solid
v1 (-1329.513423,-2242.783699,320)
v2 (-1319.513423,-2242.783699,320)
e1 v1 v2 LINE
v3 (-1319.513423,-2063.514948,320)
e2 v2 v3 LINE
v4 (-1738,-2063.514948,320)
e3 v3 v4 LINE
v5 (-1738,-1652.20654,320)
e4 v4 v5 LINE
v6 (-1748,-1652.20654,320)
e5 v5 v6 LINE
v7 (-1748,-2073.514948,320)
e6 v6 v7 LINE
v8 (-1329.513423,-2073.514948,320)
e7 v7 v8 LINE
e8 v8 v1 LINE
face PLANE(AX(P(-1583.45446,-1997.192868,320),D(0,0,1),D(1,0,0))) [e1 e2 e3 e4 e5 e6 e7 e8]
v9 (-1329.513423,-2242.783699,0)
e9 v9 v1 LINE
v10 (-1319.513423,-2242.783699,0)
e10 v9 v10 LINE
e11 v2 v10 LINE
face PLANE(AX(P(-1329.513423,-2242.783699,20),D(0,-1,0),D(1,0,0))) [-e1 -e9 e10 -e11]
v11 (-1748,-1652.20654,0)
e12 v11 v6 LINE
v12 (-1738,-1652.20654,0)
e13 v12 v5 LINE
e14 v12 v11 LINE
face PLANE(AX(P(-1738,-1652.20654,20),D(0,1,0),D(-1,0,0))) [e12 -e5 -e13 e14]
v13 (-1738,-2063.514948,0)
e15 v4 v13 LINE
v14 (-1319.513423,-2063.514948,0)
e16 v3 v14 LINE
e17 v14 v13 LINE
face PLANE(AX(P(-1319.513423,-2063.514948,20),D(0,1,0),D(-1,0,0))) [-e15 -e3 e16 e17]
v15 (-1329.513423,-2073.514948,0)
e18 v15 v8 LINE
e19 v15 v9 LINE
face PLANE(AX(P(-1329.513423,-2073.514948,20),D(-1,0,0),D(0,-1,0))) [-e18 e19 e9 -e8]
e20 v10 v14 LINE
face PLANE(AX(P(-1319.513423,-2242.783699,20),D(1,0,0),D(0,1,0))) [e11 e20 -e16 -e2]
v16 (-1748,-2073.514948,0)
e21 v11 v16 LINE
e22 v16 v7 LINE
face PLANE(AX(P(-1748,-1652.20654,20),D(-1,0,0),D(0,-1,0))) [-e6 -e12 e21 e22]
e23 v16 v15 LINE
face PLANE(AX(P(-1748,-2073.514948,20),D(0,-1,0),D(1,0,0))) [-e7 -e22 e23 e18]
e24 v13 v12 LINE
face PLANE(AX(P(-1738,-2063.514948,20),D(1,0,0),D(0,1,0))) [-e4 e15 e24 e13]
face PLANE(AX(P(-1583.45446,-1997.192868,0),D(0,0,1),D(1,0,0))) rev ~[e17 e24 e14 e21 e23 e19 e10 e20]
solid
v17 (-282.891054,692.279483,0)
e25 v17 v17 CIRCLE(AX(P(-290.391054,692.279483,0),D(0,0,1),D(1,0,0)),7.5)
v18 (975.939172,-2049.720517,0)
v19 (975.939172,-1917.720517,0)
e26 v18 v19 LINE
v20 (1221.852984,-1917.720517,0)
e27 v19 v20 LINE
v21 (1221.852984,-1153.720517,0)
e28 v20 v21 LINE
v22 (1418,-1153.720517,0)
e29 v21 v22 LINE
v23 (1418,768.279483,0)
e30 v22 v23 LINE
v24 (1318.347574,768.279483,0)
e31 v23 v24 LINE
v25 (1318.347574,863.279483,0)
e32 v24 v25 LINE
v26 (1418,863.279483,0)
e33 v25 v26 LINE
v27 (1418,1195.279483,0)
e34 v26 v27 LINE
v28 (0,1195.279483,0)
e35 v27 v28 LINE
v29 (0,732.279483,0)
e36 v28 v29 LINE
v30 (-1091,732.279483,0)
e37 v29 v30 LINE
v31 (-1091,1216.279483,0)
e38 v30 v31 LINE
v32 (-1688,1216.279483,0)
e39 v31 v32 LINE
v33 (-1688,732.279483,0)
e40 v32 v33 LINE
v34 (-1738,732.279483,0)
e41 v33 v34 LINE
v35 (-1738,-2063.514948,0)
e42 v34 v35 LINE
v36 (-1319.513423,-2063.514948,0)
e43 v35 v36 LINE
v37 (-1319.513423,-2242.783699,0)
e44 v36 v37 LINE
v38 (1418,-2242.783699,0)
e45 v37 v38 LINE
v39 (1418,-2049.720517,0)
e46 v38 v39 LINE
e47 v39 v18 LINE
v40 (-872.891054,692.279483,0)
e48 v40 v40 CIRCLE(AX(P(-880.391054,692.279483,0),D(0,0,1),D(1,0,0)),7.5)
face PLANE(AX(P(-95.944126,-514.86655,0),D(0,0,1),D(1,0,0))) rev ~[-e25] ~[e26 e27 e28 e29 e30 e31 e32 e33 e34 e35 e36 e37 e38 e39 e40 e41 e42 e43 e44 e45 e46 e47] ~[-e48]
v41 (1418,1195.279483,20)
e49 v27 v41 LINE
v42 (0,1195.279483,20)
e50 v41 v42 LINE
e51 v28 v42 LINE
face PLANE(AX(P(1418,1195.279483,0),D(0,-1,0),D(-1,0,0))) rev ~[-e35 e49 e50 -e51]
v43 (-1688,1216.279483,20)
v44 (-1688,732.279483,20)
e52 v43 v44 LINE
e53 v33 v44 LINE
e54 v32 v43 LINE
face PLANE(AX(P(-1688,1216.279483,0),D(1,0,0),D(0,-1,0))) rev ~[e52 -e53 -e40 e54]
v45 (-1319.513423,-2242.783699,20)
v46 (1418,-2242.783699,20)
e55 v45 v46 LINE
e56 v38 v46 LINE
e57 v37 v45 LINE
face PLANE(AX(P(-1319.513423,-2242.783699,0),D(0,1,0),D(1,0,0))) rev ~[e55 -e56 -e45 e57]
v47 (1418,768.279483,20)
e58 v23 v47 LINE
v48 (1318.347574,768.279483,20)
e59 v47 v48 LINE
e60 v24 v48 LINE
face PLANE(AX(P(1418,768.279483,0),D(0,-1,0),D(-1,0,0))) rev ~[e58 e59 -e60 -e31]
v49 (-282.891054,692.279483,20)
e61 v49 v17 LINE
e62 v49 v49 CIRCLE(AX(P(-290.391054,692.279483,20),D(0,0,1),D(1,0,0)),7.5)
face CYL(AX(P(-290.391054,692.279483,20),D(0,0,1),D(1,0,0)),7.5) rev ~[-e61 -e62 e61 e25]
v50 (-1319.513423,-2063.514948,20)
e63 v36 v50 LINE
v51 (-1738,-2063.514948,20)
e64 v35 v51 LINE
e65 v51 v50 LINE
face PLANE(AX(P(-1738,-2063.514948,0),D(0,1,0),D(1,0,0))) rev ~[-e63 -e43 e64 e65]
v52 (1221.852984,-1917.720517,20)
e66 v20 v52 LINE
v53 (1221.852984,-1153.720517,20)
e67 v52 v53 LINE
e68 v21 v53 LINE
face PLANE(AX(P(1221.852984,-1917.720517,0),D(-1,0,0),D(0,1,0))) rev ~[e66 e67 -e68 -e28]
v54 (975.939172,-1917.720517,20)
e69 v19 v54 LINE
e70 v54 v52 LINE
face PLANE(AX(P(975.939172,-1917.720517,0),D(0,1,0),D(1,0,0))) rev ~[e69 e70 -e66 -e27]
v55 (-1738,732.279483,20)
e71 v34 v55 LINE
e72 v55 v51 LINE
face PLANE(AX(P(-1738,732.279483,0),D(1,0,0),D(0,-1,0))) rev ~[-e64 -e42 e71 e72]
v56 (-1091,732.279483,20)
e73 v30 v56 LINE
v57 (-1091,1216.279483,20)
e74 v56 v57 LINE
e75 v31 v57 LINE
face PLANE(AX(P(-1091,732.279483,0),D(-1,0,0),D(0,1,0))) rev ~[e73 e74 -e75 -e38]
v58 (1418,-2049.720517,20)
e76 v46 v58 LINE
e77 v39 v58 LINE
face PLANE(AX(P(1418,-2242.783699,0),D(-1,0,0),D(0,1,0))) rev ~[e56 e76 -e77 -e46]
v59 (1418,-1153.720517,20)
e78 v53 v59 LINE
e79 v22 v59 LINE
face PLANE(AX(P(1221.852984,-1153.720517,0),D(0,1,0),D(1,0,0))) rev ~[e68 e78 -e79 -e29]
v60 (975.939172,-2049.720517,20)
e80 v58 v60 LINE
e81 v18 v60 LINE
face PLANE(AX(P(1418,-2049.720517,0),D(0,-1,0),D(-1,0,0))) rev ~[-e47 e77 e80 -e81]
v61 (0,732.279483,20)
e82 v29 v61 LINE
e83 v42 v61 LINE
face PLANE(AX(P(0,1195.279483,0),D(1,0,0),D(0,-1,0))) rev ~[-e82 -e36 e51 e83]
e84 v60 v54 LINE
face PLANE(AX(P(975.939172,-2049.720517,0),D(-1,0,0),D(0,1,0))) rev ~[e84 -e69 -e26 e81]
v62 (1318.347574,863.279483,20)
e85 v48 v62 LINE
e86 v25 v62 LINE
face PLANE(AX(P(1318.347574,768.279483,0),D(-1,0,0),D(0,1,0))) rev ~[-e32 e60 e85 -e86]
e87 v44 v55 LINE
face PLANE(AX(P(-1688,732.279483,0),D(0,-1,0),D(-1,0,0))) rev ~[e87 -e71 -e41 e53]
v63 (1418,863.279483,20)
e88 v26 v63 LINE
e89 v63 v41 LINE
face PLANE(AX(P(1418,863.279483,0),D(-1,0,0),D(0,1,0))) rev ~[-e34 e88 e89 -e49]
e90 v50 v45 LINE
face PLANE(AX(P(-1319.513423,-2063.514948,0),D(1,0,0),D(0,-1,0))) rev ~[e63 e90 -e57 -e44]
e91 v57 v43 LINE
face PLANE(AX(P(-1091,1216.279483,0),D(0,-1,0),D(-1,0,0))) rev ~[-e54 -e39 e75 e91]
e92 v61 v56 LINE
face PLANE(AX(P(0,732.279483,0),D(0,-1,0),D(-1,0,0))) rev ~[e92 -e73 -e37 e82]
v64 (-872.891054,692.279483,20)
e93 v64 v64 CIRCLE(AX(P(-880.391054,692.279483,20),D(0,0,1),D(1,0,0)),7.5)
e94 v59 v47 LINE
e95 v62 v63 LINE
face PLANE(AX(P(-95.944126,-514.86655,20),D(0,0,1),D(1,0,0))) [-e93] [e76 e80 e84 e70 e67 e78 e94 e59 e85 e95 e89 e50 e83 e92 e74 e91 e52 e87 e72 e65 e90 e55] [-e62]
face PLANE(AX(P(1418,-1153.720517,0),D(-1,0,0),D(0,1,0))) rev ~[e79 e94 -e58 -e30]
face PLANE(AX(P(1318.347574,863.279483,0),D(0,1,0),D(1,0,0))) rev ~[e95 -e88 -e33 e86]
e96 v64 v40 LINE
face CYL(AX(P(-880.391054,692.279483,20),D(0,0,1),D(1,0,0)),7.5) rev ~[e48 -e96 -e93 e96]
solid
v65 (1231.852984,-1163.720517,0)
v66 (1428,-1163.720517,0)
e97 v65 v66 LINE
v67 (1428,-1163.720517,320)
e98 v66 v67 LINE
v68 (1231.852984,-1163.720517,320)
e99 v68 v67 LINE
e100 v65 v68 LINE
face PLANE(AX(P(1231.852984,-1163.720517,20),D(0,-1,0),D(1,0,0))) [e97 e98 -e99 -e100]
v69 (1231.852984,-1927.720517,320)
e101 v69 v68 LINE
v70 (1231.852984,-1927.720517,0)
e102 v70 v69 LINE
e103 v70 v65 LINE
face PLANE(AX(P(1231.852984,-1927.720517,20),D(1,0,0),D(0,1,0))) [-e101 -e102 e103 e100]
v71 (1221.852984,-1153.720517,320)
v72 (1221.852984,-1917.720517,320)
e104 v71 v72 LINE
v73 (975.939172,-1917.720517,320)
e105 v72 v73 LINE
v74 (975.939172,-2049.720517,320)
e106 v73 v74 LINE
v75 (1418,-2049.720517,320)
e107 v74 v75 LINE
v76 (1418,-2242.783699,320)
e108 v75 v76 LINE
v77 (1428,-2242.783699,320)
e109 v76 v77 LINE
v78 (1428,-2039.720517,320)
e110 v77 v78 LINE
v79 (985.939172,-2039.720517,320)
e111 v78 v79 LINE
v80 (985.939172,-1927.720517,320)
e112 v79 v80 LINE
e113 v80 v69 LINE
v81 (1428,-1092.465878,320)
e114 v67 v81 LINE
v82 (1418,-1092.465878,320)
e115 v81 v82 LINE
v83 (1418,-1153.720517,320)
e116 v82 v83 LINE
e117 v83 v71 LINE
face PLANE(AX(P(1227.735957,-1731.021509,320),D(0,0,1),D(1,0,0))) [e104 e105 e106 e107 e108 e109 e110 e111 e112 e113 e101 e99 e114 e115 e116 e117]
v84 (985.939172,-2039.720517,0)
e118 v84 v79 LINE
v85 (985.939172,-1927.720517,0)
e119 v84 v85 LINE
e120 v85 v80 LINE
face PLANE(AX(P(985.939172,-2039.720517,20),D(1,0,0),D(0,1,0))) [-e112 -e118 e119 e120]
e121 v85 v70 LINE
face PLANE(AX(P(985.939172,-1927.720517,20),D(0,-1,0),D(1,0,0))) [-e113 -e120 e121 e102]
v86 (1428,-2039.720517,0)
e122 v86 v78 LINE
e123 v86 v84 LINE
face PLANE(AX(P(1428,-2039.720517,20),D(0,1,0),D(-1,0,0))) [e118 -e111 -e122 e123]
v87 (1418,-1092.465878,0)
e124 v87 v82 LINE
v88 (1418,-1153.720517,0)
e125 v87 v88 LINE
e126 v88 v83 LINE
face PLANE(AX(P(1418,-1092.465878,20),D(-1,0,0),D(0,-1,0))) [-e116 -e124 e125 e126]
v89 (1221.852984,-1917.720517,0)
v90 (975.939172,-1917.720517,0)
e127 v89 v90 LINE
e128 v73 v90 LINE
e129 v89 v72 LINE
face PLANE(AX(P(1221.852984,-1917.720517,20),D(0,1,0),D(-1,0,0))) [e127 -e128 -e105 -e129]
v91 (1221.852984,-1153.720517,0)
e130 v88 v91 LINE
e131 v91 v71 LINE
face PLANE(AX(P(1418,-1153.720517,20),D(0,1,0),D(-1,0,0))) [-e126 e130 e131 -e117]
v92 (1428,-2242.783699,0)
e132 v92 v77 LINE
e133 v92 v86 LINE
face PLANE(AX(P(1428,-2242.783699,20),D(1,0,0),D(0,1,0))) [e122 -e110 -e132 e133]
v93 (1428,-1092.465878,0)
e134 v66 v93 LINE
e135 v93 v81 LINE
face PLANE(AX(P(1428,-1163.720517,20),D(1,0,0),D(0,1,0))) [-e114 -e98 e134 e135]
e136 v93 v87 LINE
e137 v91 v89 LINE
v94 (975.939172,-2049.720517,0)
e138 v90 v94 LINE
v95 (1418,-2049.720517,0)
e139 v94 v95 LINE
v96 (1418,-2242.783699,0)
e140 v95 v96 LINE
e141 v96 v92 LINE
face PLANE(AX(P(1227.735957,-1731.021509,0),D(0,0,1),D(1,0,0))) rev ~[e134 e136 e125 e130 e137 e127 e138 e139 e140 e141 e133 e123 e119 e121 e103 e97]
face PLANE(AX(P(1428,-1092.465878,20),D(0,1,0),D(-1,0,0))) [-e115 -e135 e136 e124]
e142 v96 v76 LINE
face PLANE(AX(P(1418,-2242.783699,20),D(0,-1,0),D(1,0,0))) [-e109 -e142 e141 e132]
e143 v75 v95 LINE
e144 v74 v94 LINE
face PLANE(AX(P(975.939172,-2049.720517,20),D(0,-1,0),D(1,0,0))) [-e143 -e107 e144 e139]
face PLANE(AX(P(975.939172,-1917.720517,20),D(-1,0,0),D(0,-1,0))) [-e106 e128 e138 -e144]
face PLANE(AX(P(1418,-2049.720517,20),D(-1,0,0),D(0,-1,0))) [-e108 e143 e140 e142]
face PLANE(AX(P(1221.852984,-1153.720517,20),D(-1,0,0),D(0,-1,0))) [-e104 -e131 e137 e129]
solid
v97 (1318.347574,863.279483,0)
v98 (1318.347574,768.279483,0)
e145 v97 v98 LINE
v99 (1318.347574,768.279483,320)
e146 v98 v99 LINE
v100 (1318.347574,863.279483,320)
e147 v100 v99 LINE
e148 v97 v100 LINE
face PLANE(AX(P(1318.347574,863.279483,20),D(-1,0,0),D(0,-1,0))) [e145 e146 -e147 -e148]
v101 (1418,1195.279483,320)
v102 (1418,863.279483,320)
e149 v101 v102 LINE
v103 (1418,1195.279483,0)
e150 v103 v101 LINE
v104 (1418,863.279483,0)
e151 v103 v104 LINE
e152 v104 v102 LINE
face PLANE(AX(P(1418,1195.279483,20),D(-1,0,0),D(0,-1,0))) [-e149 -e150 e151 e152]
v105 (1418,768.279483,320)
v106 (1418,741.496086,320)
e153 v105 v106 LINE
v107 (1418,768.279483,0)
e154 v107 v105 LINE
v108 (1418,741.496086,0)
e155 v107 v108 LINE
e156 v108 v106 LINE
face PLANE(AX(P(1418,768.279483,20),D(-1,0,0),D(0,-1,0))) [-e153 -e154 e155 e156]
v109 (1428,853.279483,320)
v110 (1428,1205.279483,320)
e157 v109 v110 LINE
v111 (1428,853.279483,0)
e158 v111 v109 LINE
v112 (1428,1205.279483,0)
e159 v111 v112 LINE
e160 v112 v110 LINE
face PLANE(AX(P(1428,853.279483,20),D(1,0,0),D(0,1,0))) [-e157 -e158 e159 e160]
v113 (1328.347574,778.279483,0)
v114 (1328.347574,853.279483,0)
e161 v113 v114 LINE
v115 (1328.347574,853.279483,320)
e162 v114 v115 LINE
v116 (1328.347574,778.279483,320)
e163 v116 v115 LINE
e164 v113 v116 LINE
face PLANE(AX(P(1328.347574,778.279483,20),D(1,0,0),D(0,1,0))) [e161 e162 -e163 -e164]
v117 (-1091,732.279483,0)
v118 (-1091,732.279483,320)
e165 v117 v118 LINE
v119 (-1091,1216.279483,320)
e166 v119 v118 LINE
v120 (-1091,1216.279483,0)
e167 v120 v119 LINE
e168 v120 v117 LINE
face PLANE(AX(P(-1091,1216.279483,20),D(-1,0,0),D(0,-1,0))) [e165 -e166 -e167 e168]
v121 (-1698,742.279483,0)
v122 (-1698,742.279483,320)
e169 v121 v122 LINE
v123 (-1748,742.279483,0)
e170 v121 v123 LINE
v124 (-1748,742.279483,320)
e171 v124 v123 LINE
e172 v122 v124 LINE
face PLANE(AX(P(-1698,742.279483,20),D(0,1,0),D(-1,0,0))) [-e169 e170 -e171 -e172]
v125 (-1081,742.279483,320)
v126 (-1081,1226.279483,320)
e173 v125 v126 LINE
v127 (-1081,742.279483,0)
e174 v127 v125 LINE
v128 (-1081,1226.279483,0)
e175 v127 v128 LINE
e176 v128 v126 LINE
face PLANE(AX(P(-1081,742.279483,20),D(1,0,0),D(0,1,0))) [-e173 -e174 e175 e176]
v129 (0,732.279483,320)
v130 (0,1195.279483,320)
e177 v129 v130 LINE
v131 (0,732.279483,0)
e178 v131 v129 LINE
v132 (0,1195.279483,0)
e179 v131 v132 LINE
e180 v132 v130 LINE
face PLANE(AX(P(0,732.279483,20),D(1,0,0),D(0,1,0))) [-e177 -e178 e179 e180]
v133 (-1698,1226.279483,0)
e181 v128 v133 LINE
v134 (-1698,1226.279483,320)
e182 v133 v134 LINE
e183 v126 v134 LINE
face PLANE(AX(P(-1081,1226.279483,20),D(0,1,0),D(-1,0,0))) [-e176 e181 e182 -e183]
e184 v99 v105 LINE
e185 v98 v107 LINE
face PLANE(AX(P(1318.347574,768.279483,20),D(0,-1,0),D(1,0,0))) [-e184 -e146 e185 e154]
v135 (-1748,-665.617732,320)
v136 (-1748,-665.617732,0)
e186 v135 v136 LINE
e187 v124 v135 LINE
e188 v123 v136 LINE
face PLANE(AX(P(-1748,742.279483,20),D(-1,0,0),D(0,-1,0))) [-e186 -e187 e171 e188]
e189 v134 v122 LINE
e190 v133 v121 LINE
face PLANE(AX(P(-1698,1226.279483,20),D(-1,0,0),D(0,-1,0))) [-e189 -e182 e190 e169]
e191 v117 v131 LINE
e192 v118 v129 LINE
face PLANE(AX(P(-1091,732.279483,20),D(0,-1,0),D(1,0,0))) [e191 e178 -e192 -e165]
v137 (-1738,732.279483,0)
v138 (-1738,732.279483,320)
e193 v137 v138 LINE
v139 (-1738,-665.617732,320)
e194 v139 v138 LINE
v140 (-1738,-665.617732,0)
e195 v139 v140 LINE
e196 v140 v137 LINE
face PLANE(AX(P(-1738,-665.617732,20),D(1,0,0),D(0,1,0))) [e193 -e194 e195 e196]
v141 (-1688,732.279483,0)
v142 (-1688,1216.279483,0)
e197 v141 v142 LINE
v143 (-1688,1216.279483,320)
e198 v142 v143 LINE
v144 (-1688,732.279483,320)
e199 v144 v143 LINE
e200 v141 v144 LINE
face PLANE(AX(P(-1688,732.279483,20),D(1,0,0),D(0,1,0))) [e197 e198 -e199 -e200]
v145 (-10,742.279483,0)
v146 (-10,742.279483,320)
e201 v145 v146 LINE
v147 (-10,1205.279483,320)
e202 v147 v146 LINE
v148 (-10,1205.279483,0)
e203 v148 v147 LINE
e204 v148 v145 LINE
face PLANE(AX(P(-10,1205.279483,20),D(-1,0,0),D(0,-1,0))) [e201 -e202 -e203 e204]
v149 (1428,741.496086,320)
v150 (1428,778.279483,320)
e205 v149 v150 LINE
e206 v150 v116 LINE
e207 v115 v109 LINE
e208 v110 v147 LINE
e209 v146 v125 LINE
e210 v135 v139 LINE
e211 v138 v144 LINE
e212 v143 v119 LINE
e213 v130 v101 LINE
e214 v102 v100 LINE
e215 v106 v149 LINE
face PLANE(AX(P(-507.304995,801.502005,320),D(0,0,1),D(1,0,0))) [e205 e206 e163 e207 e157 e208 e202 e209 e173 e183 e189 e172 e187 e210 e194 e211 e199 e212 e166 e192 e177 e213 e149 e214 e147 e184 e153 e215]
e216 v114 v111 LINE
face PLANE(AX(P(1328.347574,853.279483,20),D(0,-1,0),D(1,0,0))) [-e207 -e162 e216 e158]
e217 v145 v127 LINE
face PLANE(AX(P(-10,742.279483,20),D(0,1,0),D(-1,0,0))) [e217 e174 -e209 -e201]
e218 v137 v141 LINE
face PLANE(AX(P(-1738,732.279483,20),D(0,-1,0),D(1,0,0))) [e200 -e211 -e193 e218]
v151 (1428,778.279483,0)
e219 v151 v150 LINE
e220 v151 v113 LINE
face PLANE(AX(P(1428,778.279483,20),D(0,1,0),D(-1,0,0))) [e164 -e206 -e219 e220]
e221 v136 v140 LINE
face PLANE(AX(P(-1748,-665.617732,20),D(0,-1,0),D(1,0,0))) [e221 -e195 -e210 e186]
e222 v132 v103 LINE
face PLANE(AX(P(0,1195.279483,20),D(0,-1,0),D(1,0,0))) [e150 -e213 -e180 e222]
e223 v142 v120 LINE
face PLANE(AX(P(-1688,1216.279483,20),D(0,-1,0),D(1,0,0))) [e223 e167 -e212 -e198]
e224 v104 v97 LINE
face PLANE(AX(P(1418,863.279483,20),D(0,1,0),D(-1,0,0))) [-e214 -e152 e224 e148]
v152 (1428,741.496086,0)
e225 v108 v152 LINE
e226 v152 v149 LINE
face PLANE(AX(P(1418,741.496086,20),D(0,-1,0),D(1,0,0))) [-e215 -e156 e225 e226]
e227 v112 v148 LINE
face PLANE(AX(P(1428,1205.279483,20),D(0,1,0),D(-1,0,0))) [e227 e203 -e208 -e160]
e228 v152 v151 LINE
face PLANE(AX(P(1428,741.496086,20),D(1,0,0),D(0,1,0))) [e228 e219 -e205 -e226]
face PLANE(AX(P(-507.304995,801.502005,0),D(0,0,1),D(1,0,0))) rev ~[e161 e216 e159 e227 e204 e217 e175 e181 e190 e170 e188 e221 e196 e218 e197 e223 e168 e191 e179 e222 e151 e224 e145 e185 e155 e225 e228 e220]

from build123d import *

# Parameters (mm, degrees)
F1_DEPTH      = 20
F3_DEPTH      = 300
F3_DEPTH_BACK = 20
F4_R          = 7.5
F5_DEPTH      = 25


with BuildPart() as f1:
    # F0 (on Top) → F1 (new body)
    with BuildSketch(Plane.XY):
        Polygon((-1091, 1216.2794832001), (-1688, 1216.2794832001), (-1688, 732.2794832001), (-1738, 732.2794832001), (-1738, -728.7205167999), (-1738, -2063.5149478912), (-1319.513422966, -2063.5149478912), (-1319.513422966, -2242.7836989618), (1418, -2242.7836989618), (1418, -2049.7205167999), (975.9391716612, -2049.7205167999), (975.9391716612, -1917.7205167999), (1221.8529838713, -1917.7205167999), (1221.8529838713, -1153.7205167999), (1418, -1153.7205167999), (1418, 662.2794832001), (1418, 768.2794832001), (1318.3475743792, 768.2794832001), (1318.3475743792, 863.2794832001), (1418, 863.2794832001), (1418, 1195.2794832001), (0, 1195.2794832001), (0, 732.2794832001), (-1091, 732.2794832001), align=None)
    extrude(amount=F1_DEPTH)

    # F4 (on face) → F5 (cut)
    with BuildSketch(Plane.XY.offset(20)):
        with Locations((-880.3910539482, 692.2794832001)):
            Circle(F4_R)
        with Locations((-290.3910539482, 692.2794832001)):
            Circle(F4_R)
    extrude(amount=-F5_DEPTH, mode=Mode.SUBTRACT)


with BuildPart() as f3:
    # F2 (on face) → F3 (new body, two sides)
    with BuildSketch(Plane.XY.offset(20)) as f3_sk:
        Polygon((-1738, -2063.5149478912), (-1738, -1652.2065401077), (-1748, -1652.2065401077), (-1748, -2073.5149478912), (-1329.513422966, -2073.5149478912), (-1329.513422966, -2242.7836989618), (-1319.513422966, -2242.7836989618), (-1319.513422966, -2063.5149478912), align=None)
    extrude(amount=F3_DEPTH)
    extrude(f3_sk.sketch, amount=-F3_DEPTH_BACK)


with BuildPart() as f3b:
    # F2 (on face) → F3, piece 2 (new body, two sides)
    with BuildSketch(Plane.XY.offset(20)) as f3_2_sk:
        Polygon((-1738, -665.6177323455), (-1738, 732.2794832001), (-1688, 732.2794832001), (-1688, 1216.2794832001), (-1091, 1216.2794832001), (-1091, 732.2794832001), (0, 732.2794832001), (0, 1195.2794832001), (1418, 1195.2794832001), (1418, 863.2794832001), (1318.3475743792, 863.2794832001), (1318.3475743792, 768.2794832001), (1418, 768.2794832001), (1418, 741.4960861206), (1428, 741.4960861206), (1428, 778.2794832001), (1328.3475743792, 778.2794832001), (1328.3475743792, 853.2794832001), (1428, 853.2794832001), (1428, 1205.2794832001), (-10, 1205.2794832001), (-10, 742.2794832001), (-1081, 742.2794832001), (-1081, 1226.2794832001), (-1698, 1226.2794832001), (-1698, 742.2794832001), (-1748, 742.2794832001), (-1748, -665.6177323455), align=None)
    extrude(amount=F3_DEPTH)
    extrude(f3_2_sk.sketch, amount=-F3_DEPTH_BACK)


with BuildPart() as f3c:
    # F2 (on face) → F3, piece 3 (new body, two sides)
    with BuildSketch(Plane.XY.offset(20)) as f3_3_sk:
        Polygon((1418, -2049.7205167999), (1418, -2242.7836989618), (1428, -2242.7836989618), (1428, -2039.7205167999), (985.9391716612, -2039.7205167999), (985.9391716612, -1927.7205167999), (1231.8529838713, -1927.7205167999), (1231.8529838713, -1163.7205167999), (1428, -1163.7205167999), (1428, -1092.465877533), (1418, -1092.465877533), (1418, -1153.7205167999), (1221.8529838713, -1153.7205167999), (1221.8529838713, -1917.7205167999), (975.9391716612, -1917.7205167999), (975.9391716612, -2049.7205167999), align=None)
    extrude(amount=F3_DEPTH)
    extrude(f3_3_sk.sketch, amount=-F3_DEPTH_BACK)


solid = Compound([f1.part, f3.part, f3b.part, f3c.part])
